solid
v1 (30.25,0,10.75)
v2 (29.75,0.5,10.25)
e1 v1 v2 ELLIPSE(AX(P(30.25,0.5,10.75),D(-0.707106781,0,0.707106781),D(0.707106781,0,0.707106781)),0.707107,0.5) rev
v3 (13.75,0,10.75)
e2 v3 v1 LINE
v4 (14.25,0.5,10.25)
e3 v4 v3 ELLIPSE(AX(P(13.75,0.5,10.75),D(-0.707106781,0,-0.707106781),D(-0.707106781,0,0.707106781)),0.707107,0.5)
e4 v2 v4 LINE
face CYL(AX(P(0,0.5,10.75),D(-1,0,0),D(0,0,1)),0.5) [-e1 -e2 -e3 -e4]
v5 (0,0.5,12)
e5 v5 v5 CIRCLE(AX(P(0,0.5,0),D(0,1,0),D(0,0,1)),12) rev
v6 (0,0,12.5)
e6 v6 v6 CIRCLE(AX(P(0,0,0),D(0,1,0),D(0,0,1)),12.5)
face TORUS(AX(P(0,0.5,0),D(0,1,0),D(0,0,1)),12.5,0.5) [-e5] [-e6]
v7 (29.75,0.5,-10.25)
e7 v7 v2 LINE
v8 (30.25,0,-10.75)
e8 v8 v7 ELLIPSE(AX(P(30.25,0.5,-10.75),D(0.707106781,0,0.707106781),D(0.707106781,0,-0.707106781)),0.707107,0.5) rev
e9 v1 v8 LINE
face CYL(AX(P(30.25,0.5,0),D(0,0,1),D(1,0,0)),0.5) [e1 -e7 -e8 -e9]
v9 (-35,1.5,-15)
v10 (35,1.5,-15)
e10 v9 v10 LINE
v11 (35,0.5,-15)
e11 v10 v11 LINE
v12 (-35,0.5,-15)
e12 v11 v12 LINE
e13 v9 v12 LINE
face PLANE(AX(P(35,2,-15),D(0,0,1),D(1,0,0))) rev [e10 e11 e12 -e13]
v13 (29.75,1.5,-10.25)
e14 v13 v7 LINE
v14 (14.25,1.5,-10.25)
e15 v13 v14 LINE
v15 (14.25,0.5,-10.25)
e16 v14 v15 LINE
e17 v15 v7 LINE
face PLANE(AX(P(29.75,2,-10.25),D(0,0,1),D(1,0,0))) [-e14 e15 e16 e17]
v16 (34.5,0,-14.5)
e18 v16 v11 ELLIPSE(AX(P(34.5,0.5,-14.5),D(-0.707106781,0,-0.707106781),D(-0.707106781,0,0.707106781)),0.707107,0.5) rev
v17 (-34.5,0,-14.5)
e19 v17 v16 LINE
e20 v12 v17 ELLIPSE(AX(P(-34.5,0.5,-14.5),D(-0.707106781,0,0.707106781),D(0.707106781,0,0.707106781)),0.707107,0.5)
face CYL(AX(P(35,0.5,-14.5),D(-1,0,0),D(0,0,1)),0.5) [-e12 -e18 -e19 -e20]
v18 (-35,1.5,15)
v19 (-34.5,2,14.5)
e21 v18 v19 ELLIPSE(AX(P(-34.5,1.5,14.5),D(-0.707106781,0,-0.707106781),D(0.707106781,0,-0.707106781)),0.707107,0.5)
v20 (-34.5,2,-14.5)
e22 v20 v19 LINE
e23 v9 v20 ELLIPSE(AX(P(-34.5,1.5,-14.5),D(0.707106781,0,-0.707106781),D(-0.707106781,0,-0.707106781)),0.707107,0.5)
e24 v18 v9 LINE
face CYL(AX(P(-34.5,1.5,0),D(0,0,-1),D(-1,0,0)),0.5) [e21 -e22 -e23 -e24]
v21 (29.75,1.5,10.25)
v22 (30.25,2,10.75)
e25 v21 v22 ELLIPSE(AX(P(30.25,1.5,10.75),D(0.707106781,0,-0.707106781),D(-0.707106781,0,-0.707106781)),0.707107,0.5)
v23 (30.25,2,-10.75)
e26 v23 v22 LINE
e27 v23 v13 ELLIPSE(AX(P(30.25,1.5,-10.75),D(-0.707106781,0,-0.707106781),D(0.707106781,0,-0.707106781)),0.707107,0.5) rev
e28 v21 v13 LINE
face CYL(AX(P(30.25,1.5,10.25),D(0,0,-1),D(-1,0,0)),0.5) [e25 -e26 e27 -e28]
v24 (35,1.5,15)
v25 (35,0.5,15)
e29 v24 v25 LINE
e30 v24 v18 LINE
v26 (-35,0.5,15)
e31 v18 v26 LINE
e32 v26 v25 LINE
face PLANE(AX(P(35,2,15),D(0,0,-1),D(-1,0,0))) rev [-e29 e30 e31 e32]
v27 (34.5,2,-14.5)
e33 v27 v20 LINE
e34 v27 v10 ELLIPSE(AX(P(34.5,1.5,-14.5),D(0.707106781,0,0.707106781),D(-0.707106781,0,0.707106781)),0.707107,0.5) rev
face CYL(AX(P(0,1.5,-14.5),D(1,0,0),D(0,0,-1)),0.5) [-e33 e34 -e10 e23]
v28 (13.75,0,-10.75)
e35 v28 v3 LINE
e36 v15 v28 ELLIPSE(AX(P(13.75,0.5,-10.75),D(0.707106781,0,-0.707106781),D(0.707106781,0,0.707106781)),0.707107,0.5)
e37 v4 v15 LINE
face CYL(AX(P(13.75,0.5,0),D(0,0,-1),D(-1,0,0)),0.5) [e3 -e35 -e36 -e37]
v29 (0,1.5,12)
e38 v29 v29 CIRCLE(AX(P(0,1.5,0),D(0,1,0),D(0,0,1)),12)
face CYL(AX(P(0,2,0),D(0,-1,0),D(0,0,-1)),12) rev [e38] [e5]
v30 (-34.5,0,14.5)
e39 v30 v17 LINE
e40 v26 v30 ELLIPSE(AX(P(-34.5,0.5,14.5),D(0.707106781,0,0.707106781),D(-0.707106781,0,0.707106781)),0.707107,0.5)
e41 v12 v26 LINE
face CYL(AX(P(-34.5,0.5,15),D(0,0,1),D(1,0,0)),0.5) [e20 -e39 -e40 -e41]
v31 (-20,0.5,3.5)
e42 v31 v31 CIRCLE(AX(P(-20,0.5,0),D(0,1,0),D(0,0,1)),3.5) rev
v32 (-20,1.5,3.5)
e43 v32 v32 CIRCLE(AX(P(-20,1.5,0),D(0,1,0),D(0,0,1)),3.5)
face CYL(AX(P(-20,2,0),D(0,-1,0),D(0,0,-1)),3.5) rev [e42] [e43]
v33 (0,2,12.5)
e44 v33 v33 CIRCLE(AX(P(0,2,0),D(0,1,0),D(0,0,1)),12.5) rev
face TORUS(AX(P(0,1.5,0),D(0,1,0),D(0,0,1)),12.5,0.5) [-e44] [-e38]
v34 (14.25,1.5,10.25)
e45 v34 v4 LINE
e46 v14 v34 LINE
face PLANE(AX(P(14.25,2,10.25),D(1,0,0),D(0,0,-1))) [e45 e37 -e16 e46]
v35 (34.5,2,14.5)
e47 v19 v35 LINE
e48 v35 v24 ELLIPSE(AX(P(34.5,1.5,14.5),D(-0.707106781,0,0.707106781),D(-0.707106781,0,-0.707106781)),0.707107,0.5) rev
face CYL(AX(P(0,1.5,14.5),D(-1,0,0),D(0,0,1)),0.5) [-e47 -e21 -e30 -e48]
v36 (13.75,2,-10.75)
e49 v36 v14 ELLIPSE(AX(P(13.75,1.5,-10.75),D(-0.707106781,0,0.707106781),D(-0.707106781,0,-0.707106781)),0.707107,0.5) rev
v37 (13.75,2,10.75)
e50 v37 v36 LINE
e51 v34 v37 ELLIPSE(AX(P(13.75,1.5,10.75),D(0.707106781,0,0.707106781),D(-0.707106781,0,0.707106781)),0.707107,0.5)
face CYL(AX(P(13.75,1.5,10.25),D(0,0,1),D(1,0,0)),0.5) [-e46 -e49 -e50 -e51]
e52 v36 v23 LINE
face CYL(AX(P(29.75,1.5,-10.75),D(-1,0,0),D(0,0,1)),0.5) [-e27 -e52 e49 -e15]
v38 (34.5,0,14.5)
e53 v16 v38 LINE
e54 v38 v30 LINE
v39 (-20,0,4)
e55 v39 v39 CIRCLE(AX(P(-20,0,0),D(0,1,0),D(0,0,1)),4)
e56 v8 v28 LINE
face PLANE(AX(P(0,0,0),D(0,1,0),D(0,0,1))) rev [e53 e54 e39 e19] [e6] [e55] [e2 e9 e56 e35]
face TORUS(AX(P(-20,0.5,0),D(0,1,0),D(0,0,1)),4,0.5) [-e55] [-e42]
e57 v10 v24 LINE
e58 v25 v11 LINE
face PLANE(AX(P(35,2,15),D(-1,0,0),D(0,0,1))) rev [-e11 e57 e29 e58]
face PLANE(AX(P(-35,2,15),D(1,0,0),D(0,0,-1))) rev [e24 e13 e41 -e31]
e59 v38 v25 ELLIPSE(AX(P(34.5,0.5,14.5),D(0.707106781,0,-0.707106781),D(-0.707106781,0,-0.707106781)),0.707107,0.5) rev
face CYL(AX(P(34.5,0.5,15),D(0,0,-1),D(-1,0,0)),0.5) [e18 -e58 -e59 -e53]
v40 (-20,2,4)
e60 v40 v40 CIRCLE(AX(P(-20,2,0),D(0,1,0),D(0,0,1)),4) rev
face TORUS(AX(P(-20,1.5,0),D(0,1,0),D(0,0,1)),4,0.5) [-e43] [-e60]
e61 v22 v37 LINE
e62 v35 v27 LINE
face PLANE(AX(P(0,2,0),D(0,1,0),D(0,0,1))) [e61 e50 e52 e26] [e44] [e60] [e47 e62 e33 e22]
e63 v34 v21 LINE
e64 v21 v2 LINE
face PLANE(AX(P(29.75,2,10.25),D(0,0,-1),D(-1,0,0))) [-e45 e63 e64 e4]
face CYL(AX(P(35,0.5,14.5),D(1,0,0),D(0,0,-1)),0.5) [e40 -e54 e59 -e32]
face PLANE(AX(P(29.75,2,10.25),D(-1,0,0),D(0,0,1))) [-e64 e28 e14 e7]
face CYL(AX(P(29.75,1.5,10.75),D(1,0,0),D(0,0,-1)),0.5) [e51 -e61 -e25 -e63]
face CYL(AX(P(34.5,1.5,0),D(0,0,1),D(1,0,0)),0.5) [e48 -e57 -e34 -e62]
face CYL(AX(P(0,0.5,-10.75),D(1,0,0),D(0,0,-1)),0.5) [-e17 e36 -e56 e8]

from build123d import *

# Parameters (mm, degrees)
SKETCH1_W           = 70
SKETCH1_H           = 30
SKETCH1_R           = 12
SKETCH1_R_2         = 3.5
SKETCH1_W_2         = 15.5
SKETCH1_H_2         = 20.5
BOSS_EXTRUDE1_DEPTH = 2
FILLET1_R           = 0.5


with BuildPart() as part:
    # Sketch1 → Boss-Extrude1 (new body)
    with BuildSketch(Plane(origin=(0, 0, 0), x_dir=(1, 0, 0), z_dir=(0, 1, 0))):
        Rectangle(SKETCH1_W, SKETCH1_H)
        with Locations(Location((0, 0, 0), (0, 0, 270))):
            Circle(SKETCH1_R, mode=Mode.SUBTRACT)
        with Locations(Location((-20, 0, 0), (0, 0, 270))):
            Circle(SKETCH1_R_2, mode=Mode.SUBTRACT)
        with Locations((22, 0)):
            Rectangle(SKETCH1_W_2, SKETCH1_H_2, mode=Mode.SUBTRACT)
    extrude(amount=BOSS_EXTRUDE1_DEPTH)

    # Fillet1
    fillet1_edges = [part.edges().sort_by_distance(p)[0] for p in [
        (0, 0, -12),
        (0, 2, -12),
        (35, 2, 0),
        (-20, 0, -3.5),
        (-20, 2, -3.5),
        (0, 2, -15),
        (14.25, 0, 0),
        (22, 0, 10.25),
        (29.75, 0, 0),
        (22, 0, -10.25),
        (14.25, 2, 0),
        (22, 2, 10.25),
        (29.75, 2, 0),
        (22, 2, -10.25),
        (-35, 2, 0),
        (0, 0, -15),
        (35, 0, 0),
        (0, 0, 15),
        (-35, 0, 0),
        (0, 2, 15),
    ]]
    fillet(fillet1_edges, radius=FILLET1_R)


solid = part.part
